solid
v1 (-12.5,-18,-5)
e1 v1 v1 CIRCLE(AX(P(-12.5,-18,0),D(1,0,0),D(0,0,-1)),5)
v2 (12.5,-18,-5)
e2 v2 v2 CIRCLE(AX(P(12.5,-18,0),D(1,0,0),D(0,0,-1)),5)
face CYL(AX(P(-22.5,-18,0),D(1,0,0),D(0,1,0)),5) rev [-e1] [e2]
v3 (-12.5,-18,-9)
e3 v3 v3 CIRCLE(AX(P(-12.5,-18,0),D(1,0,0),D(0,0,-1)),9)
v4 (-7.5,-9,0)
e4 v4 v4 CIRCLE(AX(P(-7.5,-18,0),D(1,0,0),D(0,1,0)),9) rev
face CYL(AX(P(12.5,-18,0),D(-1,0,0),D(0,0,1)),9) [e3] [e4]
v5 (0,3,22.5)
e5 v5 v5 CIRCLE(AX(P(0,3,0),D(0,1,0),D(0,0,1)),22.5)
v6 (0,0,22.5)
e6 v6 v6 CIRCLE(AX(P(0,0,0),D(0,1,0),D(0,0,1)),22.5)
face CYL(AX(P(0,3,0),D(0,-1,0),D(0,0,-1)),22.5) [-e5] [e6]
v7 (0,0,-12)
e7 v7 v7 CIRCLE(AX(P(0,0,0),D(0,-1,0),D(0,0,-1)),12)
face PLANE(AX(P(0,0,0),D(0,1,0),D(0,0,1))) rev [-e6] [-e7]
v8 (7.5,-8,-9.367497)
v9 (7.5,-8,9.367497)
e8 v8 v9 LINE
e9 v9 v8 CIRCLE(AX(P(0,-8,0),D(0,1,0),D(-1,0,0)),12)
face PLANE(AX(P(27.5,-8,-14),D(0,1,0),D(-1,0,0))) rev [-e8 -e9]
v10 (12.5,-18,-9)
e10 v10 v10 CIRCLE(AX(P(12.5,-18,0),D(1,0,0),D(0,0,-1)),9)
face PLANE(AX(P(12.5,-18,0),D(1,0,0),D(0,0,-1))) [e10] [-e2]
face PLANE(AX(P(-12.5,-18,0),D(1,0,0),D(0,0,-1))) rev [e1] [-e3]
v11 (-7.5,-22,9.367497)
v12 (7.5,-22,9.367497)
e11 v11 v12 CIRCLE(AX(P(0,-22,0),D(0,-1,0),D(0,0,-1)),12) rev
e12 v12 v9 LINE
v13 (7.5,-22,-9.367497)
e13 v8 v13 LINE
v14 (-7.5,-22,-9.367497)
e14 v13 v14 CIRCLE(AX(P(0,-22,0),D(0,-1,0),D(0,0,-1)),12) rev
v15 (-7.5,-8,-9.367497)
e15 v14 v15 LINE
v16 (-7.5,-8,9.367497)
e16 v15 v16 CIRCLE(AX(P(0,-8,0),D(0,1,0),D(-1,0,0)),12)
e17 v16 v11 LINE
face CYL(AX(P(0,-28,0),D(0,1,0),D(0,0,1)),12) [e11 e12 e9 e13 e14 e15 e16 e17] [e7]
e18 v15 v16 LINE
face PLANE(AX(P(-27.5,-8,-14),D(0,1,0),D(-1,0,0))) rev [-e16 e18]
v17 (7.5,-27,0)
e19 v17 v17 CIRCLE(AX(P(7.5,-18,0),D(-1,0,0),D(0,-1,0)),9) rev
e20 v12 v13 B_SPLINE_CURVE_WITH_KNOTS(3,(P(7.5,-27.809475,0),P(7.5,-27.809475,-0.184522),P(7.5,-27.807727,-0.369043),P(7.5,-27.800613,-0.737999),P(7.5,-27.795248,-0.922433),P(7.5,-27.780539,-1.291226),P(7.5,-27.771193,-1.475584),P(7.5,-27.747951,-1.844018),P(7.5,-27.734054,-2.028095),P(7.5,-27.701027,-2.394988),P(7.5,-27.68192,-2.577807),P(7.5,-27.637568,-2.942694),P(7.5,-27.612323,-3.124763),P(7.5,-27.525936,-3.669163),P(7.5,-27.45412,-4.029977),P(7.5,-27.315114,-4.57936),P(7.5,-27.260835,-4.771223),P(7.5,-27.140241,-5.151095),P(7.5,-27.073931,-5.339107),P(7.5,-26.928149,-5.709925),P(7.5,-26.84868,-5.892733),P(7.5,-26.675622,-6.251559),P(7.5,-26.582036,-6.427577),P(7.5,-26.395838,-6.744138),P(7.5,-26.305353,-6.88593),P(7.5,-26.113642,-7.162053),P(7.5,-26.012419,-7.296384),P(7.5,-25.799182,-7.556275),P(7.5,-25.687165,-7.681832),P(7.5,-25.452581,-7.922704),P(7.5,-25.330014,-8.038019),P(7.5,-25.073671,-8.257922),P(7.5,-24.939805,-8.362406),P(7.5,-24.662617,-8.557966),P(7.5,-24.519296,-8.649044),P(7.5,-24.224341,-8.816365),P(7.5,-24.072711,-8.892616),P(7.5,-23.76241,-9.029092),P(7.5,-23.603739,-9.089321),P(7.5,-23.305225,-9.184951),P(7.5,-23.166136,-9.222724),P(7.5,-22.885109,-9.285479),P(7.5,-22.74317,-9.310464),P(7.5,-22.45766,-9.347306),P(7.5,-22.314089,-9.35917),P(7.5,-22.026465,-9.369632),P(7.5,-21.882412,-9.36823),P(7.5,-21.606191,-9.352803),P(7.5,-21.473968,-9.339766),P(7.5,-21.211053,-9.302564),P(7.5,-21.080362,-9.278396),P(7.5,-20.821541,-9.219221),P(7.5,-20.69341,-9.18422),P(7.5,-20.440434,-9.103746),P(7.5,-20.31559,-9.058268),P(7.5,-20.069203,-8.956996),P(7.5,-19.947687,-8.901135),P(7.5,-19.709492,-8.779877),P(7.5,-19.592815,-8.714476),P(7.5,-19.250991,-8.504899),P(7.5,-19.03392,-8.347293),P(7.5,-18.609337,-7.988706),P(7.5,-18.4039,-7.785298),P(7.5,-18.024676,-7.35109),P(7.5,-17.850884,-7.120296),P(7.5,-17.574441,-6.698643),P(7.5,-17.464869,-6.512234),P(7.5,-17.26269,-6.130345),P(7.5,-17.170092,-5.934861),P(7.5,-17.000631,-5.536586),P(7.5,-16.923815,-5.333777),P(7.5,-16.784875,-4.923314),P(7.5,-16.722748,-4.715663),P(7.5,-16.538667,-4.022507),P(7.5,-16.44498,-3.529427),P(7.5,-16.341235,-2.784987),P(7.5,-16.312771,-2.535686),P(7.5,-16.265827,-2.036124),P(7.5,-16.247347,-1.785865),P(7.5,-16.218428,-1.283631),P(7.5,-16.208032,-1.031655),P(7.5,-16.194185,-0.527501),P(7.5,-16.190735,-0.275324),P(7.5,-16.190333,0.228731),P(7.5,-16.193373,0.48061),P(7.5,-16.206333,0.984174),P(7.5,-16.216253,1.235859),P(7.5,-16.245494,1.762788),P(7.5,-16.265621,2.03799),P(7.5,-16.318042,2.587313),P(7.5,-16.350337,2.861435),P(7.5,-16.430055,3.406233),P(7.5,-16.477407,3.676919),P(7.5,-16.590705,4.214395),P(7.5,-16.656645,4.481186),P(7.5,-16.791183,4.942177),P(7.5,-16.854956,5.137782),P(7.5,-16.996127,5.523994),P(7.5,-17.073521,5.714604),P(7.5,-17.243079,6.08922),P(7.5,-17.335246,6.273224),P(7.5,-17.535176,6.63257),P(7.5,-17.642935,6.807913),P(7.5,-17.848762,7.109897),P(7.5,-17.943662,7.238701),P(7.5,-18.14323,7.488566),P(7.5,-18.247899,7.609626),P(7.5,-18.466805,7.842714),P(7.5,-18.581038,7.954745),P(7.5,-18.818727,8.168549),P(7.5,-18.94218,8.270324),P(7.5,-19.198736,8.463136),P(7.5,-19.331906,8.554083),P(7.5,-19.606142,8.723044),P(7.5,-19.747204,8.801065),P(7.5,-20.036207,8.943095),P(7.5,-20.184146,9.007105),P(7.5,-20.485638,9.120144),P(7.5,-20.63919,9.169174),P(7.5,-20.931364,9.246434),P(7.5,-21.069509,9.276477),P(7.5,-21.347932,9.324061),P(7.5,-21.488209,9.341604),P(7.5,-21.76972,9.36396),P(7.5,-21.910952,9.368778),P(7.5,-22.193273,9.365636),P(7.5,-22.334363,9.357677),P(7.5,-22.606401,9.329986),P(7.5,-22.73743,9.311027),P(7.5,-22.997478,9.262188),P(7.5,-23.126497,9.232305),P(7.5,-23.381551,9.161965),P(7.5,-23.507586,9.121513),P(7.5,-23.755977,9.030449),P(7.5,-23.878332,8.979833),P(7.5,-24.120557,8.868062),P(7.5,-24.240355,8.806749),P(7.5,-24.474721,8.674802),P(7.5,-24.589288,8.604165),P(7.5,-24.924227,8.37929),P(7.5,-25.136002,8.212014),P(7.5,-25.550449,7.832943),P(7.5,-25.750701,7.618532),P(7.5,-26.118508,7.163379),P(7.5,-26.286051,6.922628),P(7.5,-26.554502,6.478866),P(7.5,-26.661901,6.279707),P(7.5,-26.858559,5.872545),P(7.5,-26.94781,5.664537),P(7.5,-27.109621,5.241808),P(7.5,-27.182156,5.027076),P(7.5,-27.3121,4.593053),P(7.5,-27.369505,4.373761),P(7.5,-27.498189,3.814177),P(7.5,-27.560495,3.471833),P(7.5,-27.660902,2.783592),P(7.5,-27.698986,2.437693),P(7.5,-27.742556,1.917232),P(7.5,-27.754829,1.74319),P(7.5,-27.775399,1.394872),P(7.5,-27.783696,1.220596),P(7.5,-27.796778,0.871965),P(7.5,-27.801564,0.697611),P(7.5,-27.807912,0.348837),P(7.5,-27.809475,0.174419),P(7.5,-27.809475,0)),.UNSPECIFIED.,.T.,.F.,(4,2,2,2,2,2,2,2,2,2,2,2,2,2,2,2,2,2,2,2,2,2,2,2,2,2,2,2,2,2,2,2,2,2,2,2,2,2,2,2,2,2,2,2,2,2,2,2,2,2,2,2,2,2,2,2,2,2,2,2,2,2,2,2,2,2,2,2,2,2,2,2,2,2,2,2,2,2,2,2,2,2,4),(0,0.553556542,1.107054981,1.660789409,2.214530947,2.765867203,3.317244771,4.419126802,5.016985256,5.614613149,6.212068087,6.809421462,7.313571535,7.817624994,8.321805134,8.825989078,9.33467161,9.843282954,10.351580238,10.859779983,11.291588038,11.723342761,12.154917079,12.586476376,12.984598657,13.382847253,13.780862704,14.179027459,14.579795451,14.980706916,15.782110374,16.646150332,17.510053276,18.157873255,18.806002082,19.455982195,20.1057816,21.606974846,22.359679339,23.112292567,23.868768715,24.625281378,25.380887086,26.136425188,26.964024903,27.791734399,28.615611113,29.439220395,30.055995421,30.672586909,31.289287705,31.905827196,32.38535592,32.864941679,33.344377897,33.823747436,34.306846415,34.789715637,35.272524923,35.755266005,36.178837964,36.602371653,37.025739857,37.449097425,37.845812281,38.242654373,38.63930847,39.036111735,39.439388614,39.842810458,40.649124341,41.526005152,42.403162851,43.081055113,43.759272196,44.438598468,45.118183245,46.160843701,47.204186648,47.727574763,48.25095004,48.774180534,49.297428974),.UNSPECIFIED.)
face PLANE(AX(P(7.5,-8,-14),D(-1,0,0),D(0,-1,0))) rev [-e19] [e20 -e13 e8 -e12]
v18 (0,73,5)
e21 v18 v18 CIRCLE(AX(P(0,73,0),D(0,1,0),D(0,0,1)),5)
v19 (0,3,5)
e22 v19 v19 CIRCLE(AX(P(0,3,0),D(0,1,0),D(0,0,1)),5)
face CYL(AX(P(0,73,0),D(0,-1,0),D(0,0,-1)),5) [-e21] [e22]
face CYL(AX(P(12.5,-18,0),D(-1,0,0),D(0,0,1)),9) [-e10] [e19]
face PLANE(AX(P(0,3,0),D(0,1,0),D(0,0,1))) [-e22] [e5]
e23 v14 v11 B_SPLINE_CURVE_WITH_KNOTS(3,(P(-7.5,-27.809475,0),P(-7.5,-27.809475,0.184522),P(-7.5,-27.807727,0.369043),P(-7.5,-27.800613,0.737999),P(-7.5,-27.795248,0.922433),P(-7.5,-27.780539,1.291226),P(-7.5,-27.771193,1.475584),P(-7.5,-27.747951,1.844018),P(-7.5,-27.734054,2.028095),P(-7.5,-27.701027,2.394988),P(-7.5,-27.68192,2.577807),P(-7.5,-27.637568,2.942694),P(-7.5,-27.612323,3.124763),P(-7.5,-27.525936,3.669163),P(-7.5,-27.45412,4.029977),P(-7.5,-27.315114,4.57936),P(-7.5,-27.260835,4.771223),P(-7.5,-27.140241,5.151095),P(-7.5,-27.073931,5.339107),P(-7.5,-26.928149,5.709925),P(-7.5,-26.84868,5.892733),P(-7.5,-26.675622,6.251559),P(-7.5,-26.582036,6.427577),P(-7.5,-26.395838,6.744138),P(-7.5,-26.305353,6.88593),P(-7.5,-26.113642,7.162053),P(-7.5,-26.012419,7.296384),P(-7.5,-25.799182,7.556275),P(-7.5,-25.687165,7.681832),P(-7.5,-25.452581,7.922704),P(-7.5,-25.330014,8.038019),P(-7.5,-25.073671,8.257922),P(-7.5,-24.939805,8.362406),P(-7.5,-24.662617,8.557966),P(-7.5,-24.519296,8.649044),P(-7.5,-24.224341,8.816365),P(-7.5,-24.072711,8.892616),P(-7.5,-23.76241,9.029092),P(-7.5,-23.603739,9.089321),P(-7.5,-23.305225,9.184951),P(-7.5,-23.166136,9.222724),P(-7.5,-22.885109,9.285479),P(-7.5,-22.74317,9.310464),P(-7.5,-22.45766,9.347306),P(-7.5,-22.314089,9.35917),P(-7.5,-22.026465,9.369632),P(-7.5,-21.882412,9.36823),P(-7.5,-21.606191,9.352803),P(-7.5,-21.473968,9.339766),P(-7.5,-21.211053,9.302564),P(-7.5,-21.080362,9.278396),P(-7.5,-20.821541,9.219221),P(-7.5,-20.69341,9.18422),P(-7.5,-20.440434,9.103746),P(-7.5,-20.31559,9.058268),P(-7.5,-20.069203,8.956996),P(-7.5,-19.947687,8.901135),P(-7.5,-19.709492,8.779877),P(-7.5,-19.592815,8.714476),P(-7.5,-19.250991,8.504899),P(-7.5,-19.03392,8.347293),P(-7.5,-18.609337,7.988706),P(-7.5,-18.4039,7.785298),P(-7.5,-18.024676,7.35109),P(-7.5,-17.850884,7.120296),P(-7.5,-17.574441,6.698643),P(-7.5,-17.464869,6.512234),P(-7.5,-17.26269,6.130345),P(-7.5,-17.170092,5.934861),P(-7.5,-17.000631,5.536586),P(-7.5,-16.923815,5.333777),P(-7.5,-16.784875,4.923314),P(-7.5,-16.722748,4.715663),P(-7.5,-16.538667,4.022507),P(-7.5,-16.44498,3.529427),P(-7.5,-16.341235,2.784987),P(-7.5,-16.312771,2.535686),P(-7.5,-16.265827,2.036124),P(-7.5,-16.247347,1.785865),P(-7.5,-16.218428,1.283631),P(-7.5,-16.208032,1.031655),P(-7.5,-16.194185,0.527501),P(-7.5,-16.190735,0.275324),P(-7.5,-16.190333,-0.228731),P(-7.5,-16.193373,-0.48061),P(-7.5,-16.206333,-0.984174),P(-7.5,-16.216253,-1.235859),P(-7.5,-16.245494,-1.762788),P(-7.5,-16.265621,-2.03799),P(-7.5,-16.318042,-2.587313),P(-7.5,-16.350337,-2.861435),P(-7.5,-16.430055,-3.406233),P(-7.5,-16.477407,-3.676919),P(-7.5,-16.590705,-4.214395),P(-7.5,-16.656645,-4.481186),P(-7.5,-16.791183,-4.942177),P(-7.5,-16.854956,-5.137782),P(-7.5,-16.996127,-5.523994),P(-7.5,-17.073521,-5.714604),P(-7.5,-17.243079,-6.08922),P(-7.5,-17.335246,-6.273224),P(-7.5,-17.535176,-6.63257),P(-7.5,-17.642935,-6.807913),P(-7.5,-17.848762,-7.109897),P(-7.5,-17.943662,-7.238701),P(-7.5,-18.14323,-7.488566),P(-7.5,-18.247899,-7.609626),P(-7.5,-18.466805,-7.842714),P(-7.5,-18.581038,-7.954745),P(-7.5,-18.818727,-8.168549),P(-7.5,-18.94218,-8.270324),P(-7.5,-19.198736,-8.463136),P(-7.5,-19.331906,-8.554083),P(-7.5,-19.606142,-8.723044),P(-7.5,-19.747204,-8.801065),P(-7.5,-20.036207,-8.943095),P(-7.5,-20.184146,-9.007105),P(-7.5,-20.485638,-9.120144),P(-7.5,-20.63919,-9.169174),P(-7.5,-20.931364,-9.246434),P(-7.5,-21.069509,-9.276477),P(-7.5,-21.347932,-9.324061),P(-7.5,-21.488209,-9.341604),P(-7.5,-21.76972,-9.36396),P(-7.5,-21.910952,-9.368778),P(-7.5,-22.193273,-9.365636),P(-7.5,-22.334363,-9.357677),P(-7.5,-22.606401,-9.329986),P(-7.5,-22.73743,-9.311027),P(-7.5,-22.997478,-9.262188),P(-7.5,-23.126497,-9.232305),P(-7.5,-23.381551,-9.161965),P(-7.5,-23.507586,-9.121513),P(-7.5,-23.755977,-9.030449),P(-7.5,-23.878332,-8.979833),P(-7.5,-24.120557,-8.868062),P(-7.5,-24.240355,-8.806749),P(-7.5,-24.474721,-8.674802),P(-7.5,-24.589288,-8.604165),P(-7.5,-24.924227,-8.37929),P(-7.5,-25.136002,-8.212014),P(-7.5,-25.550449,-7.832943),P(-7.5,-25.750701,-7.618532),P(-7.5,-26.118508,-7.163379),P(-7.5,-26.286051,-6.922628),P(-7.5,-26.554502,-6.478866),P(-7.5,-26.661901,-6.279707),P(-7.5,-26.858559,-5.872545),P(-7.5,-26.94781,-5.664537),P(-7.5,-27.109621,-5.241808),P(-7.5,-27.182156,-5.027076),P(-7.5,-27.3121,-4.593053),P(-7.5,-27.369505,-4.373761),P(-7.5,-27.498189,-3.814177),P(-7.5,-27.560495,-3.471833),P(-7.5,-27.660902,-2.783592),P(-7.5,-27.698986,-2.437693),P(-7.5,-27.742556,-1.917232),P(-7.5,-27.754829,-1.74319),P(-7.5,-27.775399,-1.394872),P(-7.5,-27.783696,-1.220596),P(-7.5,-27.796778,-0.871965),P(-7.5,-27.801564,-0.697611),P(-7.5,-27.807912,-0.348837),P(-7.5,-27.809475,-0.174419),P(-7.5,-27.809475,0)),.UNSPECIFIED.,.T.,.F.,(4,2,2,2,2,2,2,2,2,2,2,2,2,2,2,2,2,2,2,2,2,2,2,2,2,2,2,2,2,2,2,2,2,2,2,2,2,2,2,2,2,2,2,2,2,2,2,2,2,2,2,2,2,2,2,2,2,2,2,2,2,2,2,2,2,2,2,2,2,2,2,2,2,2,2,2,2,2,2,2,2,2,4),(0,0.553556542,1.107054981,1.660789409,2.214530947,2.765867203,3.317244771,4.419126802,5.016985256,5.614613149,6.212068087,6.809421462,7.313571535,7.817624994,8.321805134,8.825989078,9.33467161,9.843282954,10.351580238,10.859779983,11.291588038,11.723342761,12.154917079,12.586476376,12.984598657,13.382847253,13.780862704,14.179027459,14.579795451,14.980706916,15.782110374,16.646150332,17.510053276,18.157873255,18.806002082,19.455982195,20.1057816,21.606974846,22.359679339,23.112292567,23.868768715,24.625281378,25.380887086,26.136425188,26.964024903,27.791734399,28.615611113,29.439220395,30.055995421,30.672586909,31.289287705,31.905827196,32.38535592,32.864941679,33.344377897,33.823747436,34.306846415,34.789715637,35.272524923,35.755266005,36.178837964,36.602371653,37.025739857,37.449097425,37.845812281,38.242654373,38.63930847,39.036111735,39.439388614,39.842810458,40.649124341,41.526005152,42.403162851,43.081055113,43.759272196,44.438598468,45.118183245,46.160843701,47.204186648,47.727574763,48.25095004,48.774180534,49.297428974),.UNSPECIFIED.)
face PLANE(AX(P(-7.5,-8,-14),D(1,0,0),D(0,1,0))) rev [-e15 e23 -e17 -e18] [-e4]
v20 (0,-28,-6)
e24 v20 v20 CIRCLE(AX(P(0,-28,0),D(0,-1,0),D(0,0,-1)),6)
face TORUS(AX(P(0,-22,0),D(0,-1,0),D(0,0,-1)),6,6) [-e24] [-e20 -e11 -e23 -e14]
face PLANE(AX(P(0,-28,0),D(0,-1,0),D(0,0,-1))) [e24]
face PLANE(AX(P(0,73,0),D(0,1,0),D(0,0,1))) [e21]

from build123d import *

# Parameters (mm, degrees)
SKETCH1_R           = 22.5
BOSS_EXTRUDE1_DEPTH = 3
SKETCH2_R           = 5
BOSS_EXTRUDE2_DEPTH = 70
SKETCH3_R           = 12
BOSS_EXTRUDE3_DEPTH = 28
FILLET1_R           = 6
SKETCH4_W           = 20
SKETCH4_H           = 20
CUT_EXTRUDE1_DEPTH  = 14
SKETCH6_R           = 5
CUT_EXTRUDE2_DEPTH  = 31
SKETCH7_R           = 9
SKETCH7_R_2         = 5
BOSS_EXTRUDE4_DEPTH = 12.5


with BuildPart() as part:
    # Sketch1 → Boss-Extrude1 (new body)
    with BuildSketch(Plane(origin=(0, 0, 0), x_dir=(1, 0, 0), z_dir=(0, 1, 0))):
        Circle(SKETCH1_R)
    extrude(amount=BOSS_EXTRUDE1_DEPTH)

    # Sketch2 → Boss-Extrude2 (add)
    with BuildSketch(Plane(origin=(0, 3, 0), x_dir=(1, 0, 0), z_dir=(0, 1, 0))):
        Circle(SKETCH2_R)
    extrude(amount=BOSS_EXTRUDE2_DEPTH)

    # Sketch3 → Boss-Extrude3 (add)
    with BuildSketch(Plane.XZ):
        Circle(SKETCH3_R)
    extrude(amount=BOSS_EXTRUDE3_DEPTH)

    # Fillet1
    fillet1_edges = [part.edges().sort_by_distance(p)[0] for p in [
        (-12, -28, 0),
    ]]
    fillet(fillet1_edges, radius=FILLET1_R)

    # Sketch4 → Cut-Extrude1 (cut, symmetric)
    with BuildSketch(Plane.XY):
        with Locations((17.5, -18)):
            Rectangle(SKETCH4_W, SKETCH4_H)
        with Locations((-17.5, -18)):
            Rectangle(SKETCH4_W, SKETCH4_H)
    extrude(amount=CUT_EXTRUDE1_DEPTH, both=True, mode=Mode.SUBTRACT)

    # Sketch6 → Cut-Extrude2 (cut, through all)
    with BuildSketch(Plane(origin=(7.5, 0, 0), x_dir=(0, 0, -1), z_dir=(1, 0, 0))):
        with Locations((0, -18)):
            Circle(SKETCH6_R)
    extrude(amount=-CUT_EXTRUDE2_DEPTH, mode=Mode.SUBTRACT)

    # Sketch7 → Boss-Extrude4 (add, symmetric)
    with BuildSketch(Plane(origin=(0, 0, 0), x_dir=(0, 0, -1), z_dir=(1, 0, 0))):
        with Locations((0, -18)):
            Circle(SKETCH7_R)
        with Locations((0, -18)):
            Circle(SKETCH7_R_2, mode=Mode.SUBTRACT)
    extrude(amount=BOSS_EXTRUDE4_DEPTH, both=True)


solid = part.part
